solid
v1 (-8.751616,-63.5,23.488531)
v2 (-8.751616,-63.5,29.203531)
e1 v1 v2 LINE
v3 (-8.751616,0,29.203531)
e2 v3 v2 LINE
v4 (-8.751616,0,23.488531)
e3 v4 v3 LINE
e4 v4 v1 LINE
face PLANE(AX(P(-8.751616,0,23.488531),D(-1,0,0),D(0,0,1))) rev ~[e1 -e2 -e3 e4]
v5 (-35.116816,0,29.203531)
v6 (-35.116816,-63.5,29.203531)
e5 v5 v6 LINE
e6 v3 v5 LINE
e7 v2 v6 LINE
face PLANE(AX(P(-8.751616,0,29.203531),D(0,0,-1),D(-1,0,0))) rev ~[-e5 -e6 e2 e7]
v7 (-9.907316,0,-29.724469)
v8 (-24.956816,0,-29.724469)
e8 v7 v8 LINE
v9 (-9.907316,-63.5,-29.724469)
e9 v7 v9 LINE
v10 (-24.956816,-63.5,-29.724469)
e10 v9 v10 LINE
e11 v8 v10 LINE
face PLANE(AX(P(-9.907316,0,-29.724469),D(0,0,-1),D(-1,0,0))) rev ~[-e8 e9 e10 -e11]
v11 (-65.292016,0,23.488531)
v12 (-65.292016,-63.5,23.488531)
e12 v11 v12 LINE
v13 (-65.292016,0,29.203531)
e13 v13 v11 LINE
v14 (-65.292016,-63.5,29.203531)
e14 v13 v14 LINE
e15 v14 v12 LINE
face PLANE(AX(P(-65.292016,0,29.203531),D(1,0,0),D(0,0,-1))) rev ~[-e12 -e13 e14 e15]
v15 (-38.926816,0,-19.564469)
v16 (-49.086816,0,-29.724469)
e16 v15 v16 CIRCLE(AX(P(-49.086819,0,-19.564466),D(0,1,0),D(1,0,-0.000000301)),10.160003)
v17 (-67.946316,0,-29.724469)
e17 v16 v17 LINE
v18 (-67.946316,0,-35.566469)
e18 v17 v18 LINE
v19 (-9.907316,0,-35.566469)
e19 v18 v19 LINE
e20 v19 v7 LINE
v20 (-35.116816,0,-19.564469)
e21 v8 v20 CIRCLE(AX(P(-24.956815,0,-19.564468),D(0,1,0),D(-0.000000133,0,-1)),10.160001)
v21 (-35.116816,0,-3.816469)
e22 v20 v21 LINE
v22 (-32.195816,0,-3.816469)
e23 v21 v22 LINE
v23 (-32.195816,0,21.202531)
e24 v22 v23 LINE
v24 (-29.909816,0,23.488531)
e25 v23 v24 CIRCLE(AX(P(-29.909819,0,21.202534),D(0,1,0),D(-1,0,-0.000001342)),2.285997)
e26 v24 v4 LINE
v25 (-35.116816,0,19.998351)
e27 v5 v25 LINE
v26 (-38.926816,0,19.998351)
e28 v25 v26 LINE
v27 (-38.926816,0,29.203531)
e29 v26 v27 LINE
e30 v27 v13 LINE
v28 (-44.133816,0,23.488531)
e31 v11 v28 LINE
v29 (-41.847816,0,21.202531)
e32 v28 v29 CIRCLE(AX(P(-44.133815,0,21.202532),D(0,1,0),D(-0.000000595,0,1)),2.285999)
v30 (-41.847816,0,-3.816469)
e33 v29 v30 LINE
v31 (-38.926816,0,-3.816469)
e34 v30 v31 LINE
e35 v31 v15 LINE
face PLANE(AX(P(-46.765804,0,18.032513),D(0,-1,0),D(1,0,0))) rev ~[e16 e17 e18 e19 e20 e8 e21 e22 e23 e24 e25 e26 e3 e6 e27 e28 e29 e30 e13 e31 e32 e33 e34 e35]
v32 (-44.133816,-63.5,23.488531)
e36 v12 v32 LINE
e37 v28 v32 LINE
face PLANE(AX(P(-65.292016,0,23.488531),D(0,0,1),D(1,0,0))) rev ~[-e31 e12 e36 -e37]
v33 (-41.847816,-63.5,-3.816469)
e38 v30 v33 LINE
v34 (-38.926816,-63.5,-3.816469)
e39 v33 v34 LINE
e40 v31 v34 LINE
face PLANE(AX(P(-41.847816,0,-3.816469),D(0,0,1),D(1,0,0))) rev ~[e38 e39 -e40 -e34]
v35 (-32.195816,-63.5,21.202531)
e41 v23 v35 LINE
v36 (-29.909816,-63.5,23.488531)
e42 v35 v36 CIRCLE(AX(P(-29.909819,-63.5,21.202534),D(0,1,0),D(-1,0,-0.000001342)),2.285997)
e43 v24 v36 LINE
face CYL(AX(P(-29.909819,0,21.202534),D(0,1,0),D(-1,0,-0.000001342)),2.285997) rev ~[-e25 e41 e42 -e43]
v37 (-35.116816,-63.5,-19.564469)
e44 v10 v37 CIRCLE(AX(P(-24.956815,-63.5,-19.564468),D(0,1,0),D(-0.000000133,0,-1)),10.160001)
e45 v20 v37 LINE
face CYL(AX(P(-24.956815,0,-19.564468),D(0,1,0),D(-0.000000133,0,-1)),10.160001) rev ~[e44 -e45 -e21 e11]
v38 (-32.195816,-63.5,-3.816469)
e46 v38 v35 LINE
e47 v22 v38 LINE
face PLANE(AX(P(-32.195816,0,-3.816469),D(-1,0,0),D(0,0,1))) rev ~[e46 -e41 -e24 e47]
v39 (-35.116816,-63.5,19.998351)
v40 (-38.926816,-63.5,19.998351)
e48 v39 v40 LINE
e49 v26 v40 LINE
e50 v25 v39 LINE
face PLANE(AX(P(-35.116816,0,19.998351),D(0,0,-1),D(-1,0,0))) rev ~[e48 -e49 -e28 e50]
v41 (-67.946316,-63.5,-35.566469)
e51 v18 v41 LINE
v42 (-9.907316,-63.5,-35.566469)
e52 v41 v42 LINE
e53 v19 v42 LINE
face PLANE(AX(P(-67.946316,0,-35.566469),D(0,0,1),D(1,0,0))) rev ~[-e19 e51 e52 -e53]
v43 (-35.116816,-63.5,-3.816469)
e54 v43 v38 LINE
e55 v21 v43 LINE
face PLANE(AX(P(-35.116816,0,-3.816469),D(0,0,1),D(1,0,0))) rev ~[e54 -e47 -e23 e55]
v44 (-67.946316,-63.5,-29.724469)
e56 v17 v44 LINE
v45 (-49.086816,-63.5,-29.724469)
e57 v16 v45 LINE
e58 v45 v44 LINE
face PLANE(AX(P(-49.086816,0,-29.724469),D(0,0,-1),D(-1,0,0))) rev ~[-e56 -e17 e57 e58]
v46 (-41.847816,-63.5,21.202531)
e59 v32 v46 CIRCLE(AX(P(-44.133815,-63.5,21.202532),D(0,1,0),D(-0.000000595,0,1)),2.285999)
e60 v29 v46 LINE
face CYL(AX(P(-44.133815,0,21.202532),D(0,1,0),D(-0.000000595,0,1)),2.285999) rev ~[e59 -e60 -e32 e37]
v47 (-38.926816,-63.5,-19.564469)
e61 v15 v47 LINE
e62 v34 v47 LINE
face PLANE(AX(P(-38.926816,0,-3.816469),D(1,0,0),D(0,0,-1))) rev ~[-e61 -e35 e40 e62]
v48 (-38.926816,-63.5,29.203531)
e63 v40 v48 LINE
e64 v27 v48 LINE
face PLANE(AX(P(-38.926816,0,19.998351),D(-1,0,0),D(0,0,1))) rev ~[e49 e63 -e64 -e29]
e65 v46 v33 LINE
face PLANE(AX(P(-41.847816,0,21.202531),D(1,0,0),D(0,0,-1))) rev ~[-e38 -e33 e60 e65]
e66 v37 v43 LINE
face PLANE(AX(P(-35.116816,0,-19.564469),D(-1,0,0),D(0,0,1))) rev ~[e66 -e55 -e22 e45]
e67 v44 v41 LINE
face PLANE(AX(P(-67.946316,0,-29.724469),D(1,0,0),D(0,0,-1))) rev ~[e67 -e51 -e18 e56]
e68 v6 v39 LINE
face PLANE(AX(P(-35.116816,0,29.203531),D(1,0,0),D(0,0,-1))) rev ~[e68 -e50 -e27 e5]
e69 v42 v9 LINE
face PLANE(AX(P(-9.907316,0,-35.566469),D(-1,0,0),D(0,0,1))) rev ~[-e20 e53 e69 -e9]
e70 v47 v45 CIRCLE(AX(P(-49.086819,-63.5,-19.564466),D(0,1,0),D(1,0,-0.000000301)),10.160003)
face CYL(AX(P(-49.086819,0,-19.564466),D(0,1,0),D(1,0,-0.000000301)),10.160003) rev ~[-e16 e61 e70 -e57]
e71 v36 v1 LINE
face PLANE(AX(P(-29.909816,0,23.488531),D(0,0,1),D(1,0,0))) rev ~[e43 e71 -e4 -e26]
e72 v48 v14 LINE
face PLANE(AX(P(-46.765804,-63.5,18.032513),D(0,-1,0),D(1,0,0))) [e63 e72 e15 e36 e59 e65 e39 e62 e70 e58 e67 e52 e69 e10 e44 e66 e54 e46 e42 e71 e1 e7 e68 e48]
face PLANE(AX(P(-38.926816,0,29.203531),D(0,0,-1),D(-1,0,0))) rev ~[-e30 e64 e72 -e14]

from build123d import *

# Parameters (mm, degrees)
F1_DEPTH = 63.5


with BuildPart() as f1:
    # F0 (on Front) → F1 (new body)
    with BuildSketch(Plane.XZ):
        with BuildLine():
            Line((-38.926816, 29.203531), (-65.292016, 29.203531))
            Line((-65.292016, 29.203531), (-65.292016, 23.488531))
            Line((-65.292016, 23.488531), (-44.133816, 23.488531))
            ThreePointArc((-44.133816, 23.488531), (-42.51737, 22.818978), (-41.847816, 21.202531))
            Line((-41.847816, 21.202531), (-41.847816, -3.816469))
            Line((-41.847816, -3.816469), (-38.926816, -3.816469))
            Line((-38.926816, -3.816469), (-38.926816, 19.998351))
            Line((-38.926816, 19.998351), (-38.926816, 29.203531))
        make_face()
        with BuildLine():
            Line((-35.116816, 19.998351), (-38.926816, 19.998351))
            Line((-38.926816, 19.998351), (-38.926816, -3.816469))
            Line((-38.926816, -3.816469), (-38.926816, -19.564469))
            ThreePointArc((-38.926816, -19.564469), (-41.902612, -26.748673), (-49.086816, -29.724469))
            Line((-49.086816, -29.724469), (-67.946316, -29.724469))
            Line((-67.946316, -29.724469), (-67.946316, -35.566469))
            Line((-67.946316, -35.566469), (-9.907316, -35.566469))
            Line((-9.907316, -35.566469), (-9.907316, -29.724469))
            Line((-9.907316, -29.724469), (-24.956816, -29.724469))
            ThreePointArc((-24.956816, -29.724469), (-32.141021, -26.748673), (-35.116816, -19.564469))
            Line((-35.116816, -19.564469), (-35.116816, -3.816469))
            Line((-35.116816, -3.816469), (-35.116816, 19.998351))
        make_face()
        with BuildLine():
            Line((-35.116816, 29.203531), (-35.116816, 19.998351))
            Line((-35.116816, 19.998351), (-35.116816, -3.816469))
            Line((-35.116816, -3.816469), (-32.195816, -3.816469))
            Line((-32.195816, -3.816469), (-32.195816, 21.202531))
            ThreePointArc((-32.195816, 21.202531), (-31.526263, 22.818978), (-29.909816, 23.488531))
            Line((-29.909816, 23.488531), (-8.751616, 23.488531))
            Line((-8.751616, 23.488531), (-8.751616, 29.203531))
            Line((-8.751616, 29.203531), (-35.116816, 29.203531))
        make_face()
    extrude(amount=F1_DEPTH)


solid = f1.part
